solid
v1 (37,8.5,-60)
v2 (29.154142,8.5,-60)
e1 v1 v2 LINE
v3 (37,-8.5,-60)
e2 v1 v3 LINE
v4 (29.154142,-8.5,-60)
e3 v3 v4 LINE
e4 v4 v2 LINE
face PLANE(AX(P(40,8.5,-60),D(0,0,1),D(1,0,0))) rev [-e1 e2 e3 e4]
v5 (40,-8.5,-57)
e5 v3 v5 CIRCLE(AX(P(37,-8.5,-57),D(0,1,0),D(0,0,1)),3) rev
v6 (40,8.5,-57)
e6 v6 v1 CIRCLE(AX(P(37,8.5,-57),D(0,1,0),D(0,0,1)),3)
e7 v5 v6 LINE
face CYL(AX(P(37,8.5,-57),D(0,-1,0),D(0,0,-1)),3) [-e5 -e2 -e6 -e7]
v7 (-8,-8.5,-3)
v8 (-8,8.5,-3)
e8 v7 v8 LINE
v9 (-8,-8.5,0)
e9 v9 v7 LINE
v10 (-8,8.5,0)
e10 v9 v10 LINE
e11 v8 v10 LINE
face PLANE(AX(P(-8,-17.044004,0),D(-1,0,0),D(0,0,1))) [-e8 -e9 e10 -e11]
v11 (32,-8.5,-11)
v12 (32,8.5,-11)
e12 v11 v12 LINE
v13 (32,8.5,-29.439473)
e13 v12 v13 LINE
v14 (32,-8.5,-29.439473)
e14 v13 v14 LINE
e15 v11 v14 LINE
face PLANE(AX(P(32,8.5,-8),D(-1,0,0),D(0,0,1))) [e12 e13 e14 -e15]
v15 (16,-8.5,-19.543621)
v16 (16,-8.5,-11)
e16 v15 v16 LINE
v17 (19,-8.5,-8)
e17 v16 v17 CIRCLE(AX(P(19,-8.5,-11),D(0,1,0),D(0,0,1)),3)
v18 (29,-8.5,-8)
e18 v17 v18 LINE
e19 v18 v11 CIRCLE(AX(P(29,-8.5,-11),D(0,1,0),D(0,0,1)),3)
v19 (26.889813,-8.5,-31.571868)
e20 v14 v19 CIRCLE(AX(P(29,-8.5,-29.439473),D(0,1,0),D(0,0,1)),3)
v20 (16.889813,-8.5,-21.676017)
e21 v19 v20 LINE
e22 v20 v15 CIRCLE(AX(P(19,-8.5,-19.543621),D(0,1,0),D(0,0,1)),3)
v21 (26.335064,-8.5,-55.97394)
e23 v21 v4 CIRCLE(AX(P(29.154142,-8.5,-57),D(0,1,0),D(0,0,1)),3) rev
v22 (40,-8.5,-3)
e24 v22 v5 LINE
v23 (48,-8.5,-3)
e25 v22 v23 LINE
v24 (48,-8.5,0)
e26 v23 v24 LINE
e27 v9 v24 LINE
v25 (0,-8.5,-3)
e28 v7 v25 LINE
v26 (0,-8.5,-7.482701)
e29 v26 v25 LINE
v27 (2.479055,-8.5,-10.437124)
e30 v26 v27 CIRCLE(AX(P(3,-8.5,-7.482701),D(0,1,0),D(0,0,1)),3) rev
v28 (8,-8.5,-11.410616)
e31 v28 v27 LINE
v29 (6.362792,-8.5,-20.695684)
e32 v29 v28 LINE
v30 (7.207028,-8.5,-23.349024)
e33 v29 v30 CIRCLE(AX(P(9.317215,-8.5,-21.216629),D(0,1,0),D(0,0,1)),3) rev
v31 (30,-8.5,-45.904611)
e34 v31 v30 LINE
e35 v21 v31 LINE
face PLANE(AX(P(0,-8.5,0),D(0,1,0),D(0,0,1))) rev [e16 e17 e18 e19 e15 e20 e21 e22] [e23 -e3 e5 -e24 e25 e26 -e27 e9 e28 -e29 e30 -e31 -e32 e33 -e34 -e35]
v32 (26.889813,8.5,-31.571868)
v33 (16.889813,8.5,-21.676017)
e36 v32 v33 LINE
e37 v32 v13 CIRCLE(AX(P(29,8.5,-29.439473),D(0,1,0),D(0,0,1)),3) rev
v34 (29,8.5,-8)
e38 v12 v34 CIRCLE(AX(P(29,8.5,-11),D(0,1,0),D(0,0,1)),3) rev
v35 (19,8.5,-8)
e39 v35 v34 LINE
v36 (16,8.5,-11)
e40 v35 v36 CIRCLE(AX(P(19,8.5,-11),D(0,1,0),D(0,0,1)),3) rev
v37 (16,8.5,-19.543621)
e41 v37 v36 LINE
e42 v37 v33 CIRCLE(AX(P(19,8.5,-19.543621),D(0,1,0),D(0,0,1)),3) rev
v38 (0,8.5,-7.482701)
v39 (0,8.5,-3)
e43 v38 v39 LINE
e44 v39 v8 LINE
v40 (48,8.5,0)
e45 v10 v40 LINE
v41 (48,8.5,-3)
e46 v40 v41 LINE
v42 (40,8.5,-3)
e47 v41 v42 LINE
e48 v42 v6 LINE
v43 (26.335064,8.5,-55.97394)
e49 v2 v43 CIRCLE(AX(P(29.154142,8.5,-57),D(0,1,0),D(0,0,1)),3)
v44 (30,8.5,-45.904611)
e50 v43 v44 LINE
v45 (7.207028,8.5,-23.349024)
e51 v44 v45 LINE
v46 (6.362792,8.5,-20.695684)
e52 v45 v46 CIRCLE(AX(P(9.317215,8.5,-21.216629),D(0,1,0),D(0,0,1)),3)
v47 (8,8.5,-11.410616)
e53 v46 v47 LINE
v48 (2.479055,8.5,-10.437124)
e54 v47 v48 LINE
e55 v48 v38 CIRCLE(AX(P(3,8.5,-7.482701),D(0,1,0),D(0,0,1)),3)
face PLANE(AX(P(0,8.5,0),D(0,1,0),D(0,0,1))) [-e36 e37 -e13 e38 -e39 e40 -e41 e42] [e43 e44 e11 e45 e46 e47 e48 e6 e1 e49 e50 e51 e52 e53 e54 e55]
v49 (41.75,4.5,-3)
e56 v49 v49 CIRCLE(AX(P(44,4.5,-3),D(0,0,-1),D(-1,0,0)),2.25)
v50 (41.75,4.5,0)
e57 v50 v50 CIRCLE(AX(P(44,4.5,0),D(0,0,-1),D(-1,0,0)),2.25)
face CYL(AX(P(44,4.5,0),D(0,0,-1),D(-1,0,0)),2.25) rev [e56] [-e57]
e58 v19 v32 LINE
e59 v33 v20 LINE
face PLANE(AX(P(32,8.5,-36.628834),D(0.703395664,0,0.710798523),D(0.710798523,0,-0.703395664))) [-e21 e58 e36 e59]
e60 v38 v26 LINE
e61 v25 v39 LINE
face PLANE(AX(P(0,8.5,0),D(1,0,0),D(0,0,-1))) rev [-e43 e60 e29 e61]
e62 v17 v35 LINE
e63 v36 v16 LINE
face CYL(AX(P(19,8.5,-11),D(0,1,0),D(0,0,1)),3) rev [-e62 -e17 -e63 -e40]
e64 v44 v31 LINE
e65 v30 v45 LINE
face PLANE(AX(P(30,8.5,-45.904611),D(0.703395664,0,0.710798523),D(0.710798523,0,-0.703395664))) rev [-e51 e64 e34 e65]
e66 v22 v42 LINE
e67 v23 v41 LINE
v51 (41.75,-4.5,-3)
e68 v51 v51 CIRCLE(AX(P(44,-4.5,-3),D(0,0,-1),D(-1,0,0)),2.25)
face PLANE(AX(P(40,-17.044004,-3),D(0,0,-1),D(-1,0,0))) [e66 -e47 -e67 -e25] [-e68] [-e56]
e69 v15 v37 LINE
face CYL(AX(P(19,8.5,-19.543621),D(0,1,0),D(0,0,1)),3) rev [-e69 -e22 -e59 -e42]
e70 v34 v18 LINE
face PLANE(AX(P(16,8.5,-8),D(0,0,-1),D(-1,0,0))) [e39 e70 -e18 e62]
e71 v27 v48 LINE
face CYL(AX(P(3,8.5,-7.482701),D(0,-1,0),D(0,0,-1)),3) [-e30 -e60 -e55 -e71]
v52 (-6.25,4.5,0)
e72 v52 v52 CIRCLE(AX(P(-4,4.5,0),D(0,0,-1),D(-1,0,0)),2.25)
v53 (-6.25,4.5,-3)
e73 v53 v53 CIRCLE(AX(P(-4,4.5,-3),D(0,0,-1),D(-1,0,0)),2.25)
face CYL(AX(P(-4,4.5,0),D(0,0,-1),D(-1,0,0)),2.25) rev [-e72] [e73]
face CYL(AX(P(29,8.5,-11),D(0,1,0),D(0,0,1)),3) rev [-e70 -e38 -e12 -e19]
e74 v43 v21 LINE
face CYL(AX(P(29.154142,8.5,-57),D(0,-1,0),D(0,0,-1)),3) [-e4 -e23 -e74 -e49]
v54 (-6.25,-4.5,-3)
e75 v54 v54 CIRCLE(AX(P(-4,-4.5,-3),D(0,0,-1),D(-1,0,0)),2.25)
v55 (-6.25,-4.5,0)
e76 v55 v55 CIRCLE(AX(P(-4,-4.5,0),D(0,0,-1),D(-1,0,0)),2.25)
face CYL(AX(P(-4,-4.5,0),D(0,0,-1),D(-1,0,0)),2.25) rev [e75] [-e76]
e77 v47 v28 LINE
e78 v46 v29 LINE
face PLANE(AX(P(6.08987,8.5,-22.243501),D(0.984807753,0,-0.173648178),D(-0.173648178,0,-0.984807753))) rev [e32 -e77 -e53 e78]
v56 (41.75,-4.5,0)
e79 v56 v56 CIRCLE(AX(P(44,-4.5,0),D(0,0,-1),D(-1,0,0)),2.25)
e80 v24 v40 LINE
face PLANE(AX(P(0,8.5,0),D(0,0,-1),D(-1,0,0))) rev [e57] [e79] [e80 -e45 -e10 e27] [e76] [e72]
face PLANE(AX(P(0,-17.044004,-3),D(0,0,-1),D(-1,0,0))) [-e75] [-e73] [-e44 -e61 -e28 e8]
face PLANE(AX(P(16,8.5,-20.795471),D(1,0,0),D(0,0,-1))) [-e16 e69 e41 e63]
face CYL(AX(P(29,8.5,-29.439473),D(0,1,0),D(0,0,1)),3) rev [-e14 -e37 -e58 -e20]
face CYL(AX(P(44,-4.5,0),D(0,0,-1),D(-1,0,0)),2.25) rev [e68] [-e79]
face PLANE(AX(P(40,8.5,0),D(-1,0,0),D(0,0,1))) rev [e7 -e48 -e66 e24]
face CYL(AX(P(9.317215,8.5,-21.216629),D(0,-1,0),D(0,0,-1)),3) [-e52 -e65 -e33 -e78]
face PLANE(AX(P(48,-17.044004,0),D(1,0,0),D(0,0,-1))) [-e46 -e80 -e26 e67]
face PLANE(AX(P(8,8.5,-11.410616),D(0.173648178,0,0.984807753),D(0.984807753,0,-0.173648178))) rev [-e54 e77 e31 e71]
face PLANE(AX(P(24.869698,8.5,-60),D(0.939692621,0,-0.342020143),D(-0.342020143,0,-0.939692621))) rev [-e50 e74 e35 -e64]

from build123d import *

# Parameters (mm, degrees)
BOSS_EXTRUDE1_DEPTH = 8.5
FILLET1_R           = 3
SKETCH2_W           = 8
SKETCH2_H           = 3
BOSS_EXTRUDE2_DEPTH = 17
SKETCH3_R           = 2.25
CUT_EXTRUDE1_DEPTH  = 4


with BuildPart() as part:
    # Sketch1 → Boss-Extrude1 (new body, symmetric)
    with BuildSketch(Plane(origin=(0, 0, 0), x_dir=(1, 0, 0), z_dir=(0, 1, 0))):
        Polygon((0, 0), (0, 10), (8, 11.410615846), (6.089870046, 22.243501129), (30, 45.904610688), (24.86969785, 60), (40, 60), (40, 0), align=None)
        Polygon((16, 8), (32, 8), (32, 36.628833574), (16, 20.795471159), align=None, mode=Mode.SUBTRACT)
    extrude(amount=BOSS_EXTRUDE1_DEPTH, both=True)

    # Fillet1
    fillet1_edges = [part.edges().sort_by_distance(p)[0] for p in [
        (0, 0, -10),
        (6.089870046, 0, -22.243501129),
        (24.86969785, 0, -60),
        (40, 0, -60),
        (16, 0, -20.795471159),
        (16, 0, -8),
        (32, 0, -8),
        (32, 0, -36.628833574),
    ]]
    fillet(fillet1_edges, radius=FILLET1_R)

    # Sketch2 → Boss-Extrude2 (add)
    with BuildSketch(Plane(origin=(0, 8.5, 0), x_dir=(1, 0, 0), z_dir=(0, 1, 0))):
        with Locations((-4, 1.5)):
            Rectangle(SKETCH2_W, SKETCH2_H)
        with Locations((44, 1.5)):
            Rectangle(SKETCH2_W, SKETCH2_H)
    extrude(amount=-BOSS_EXTRUDE2_DEPTH)

    # Sketch3 → Cut-Extrude1 (cut, through all)
    with BuildSketch(Plane(origin=(0, 0, -3), x_dir=(-1, 0, 0), z_dir=(0, 0, -1))):
        with Locations((4, -4.5)):
            Circle(SKETCH3_R)
        with Locations((4, 4.5)):
            Circle(SKETCH3_R)
        with Locations((-44, 4.5)):
            Circle(SKETCH3_R)
        with Locations((-44, -4.5)):
            Circle(SKETCH3_R)
    extrude(amount=-CUT_EXTRUDE1_DEPTH, mode=Mode.SUBTRACT)


solid = part.part
